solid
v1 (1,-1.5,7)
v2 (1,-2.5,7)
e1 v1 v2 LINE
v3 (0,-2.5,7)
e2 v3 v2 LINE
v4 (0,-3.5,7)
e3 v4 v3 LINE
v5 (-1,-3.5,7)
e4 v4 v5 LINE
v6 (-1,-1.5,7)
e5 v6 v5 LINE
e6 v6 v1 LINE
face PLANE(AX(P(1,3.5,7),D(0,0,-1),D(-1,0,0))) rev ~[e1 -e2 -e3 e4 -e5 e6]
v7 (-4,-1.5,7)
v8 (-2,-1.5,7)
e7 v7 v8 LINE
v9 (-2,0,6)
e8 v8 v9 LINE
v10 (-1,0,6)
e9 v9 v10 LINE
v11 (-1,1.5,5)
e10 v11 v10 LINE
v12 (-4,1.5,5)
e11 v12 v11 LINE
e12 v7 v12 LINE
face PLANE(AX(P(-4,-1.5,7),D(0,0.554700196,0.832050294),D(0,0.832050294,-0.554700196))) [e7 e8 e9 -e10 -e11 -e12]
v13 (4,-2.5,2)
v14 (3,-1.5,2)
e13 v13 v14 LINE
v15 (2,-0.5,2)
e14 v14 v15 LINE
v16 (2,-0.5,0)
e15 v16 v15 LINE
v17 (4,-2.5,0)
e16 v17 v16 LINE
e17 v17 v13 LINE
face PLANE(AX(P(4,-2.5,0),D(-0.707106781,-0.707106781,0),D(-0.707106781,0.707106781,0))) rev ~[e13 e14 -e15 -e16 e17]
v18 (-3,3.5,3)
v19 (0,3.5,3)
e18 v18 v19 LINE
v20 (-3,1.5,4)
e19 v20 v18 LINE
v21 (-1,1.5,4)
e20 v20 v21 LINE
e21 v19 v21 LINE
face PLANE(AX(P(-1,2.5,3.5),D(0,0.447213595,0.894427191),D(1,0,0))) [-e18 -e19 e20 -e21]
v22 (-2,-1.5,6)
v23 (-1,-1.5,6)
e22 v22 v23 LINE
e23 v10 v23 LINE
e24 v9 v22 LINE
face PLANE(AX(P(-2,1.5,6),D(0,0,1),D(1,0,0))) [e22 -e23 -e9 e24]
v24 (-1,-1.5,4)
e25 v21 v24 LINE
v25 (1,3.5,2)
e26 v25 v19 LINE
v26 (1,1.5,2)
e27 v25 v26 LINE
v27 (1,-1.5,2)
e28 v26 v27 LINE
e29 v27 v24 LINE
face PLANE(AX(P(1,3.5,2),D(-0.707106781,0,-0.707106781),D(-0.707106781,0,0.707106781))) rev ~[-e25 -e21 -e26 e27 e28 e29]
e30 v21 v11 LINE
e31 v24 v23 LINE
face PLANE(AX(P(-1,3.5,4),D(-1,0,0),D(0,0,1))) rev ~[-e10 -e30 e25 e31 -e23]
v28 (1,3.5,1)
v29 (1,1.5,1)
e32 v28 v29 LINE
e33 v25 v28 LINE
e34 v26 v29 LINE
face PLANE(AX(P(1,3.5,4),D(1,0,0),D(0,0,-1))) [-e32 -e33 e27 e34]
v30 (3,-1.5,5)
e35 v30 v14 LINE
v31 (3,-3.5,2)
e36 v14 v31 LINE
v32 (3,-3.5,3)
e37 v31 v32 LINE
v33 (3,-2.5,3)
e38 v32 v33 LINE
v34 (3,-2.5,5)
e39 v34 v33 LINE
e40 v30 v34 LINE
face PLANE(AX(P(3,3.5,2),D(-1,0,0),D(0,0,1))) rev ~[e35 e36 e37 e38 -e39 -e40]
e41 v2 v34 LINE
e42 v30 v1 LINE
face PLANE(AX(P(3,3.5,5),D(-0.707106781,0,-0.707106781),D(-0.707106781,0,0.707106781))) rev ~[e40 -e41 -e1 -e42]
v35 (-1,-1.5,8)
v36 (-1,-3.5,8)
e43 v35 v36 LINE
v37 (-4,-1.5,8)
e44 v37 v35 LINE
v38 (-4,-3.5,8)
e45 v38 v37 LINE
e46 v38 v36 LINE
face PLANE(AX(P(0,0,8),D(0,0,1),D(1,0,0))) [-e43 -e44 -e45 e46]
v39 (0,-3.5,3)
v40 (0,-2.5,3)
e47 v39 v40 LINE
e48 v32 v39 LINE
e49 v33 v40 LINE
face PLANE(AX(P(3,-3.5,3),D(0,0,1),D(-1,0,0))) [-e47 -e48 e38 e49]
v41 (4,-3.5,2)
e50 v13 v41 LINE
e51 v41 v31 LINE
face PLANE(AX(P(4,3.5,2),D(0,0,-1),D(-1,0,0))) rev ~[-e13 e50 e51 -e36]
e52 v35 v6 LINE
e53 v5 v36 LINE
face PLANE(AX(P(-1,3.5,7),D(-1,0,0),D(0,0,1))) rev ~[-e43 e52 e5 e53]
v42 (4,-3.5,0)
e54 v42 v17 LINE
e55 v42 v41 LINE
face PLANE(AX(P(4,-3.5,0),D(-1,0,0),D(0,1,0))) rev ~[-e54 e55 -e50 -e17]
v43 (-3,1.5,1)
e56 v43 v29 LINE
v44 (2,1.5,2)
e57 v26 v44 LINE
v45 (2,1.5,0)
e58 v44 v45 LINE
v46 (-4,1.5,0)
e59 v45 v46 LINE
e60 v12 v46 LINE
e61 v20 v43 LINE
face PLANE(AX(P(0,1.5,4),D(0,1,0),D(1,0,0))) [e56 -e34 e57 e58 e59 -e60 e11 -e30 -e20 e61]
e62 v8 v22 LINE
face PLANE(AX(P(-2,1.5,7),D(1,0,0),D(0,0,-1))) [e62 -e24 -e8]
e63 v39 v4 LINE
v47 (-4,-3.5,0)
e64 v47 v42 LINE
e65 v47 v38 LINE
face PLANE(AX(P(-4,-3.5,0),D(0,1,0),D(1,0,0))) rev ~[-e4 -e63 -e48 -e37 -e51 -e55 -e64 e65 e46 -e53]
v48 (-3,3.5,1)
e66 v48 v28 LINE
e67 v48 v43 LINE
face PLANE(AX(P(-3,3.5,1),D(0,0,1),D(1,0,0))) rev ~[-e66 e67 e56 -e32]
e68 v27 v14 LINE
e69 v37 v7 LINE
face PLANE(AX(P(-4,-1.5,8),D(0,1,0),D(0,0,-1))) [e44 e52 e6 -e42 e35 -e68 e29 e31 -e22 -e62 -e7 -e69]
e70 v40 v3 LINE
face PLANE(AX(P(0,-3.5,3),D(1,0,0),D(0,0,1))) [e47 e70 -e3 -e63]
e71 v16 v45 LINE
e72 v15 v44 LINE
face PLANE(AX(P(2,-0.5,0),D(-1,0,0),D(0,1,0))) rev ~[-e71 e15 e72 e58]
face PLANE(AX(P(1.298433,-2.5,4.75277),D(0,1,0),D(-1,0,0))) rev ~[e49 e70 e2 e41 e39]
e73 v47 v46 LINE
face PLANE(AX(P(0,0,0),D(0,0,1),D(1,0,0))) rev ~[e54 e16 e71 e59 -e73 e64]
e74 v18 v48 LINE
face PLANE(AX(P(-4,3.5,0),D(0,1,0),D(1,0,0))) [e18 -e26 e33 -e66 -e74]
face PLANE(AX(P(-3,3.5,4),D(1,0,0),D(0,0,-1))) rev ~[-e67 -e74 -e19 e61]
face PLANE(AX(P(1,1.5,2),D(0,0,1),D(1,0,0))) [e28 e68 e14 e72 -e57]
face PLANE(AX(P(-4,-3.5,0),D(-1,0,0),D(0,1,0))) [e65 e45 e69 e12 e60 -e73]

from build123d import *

# Parameters (mm, degrees)
SKETCH1_W           = 8
SKETCH1_H           = 7
BOSS_EXTRUDE3_DEPTH = 8
CUT_EXTRUDE1_DEPTH  = 8
CUT_EXTRUDE2_DEPTH  = 1
CUT_EXTRUDE4_DEPTH  = 2
CUT_EXTRUDE5_DEPTH  = 9
SKETCH7_OUTSIDE_W   = 12.66
SKETCH7_OUTSIDE_H   = 12.66
SKETCH7_OUTSIDE_W_2 = 4
SKETCH7_OUTSIDE_H_2 = 3
CUT_EXTRUDE6_DEPTH  = 2
SKETCH8_W           = 1
SKETCH8_H           = 1
CUT_EXTRUDE7_DEPTH  = 3
CUT_EXTRUDE8_DEPTH  = 5
SKETCH11_W          = 4
SKETCH11_H          = 2.236067977
CUT_EXTRUDE9_DEPTH  = 5
CUT_EXTRUDE10_DEPTH = 5
SKETCH13_W          = 2
SKETCH13_H          = 2
CUT_EXTRUDE12_DEPTH = 3


with BuildPart() as part:
    # Sketch1 → Boss-Extrude3 (new body)
    with BuildSketch(Plane.XY):
        Rectangle(SKETCH1_W, SKETCH1_H)
    extrude(amount=BOSS_EXTRUDE3_DEPTH)

    # Sketch3 → Cut-Extrude1 (cut, through all)
    with BuildSketch(Plane(origin=(0, 3.5, 0), x_dir=(1, 0, 0), z_dir=(0, 1, 0))):
        Polygon((4, -8), (4, -2), (3, -2), (3, -5), (1, -7), (-1, -7), (-1, -8), align=None)
    extrude(amount=-CUT_EXTRUDE1_DEPTH, mode=Mode.SUBTRACT)

    # Sketch4 → Cut-Extrude2 (cut)
    with BuildSketch(Plane.XZ.offset(3.5)):
        Polygon((1, 7), (3, 5), (3, 3), (0, 3), (0, 7), align=None)
    extrude(amount=-CUT_EXTRUDE2_DEPTH, mode=Mode.SUBTRACT)

    # Sketch5 → Cut-Extrude4 (cut)
    with BuildSketch(Plane(origin=(0, 0, 0), x_dir=(-1, 0, 0), z_dir=(0, 0, -1))):
        Polygon((-2, -0.5), (-2, 1.5), (-2, 3.5), (-4, 3.5), (-4, 1.5), (-4, -2.5), align=None)
    extrude(amount=-CUT_EXTRUDE4_DEPTH, mode=Mode.SUBTRACT)

    # Sketch6 → Cut-Extrude5 (cut, through all)
    with BuildSketch(Plane.ZY.offset(4)):
        Polygon((8, -1.5), (7, -1.5), (5, 1.5), (5, 3.5), (8, 3.5), align=None)
    extrude(amount=-CUT_EXTRUDE5_DEPTH, mode=Mode.SUBTRACT)

    # Sketch7 outside → Cut-Extrude6 (cut)
    with BuildSketch(Plane(origin=(0, 3.5, 0), x_dir=(1, 0, 0), z_dir=(0, 1, 0))):
        with Locations((0, -4)):
            Rectangle(SKETCH7_OUTSIDE_W, SKETCH7_OUTSIDE_H)
        with Locations((-1, -2.5)):
            Rectangle(SKETCH7_OUTSIDE_W_2, SKETCH7_OUTSIDE_H_2, mode=Mode.SUBTRACT)
    extrude(amount=-CUT_EXTRUDE6_DEPTH, mode=Mode.SUBTRACT)

    # Sketch8 → Cut-Extrude7 (cut)
    with BuildSketch(Plane(origin=(0, 1.5, 0), x_dir=(1, 0, 0), z_dir=(0, 1, 0))):
        with Locations((-1.5, -6.5)):
            Rectangle(SKETCH8_W, SKETCH8_H)
    extrude(amount=-CUT_EXTRUDE7_DEPTH, mode=Mode.SUBTRACT)

    # Sketch9 → Cut-Extrude8 (cut)
    with BuildSketch(Plane(origin=(0, 3.5, 0), x_dir=(1, 0, 0), z_dir=(0, 1, 0))):
        Polygon((-1, -6), (-1, -4), (3, -4), (3, -7), (-1, -7), align=None)
    extrude(amount=-CUT_EXTRUDE8_DEPTH, mode=Mode.SUBTRACT)

    # Sketch11 → Cut-Extrude9 (cut)
    with BuildSketch(Plane(origin=(0, 1.9, 3.8), x_dir=(1, 0, 0), z_dir=(0, 0.447213595, 0.894427191))):
        with Locations((-1, 0.670820394)):
            Rectangle(SKETCH11_W, SKETCH11_H)
    extrude(amount=CUT_EXTRUDE9_DEPTH, mode=Mode.SUBTRACT)

    # Sketch12 → Cut-Extrude10 (cut)
    with BuildSketch(Plane(origin=(0, 3.5, 0), x_dir=(1, 0, 0), z_dir=(0, 1, 0))):
        Polygon((1, -2), (-1, -4), (1, -4), align=None)
    extrude(amount=-CUT_EXTRUDE10_DEPTH, mode=Mode.SUBTRACT)

    # Sketch13 → Cut-Extrude12 (cut)
    with BuildSketch(Plane(origin=(0, 1.5, 0), x_dir=(1, 0, 0), z_dir=(0, 1, 0))):
        with Locations((2, -3)):
            Rectangle(SKETCH13_W, SKETCH13_H)
    extrude(amount=-CUT_EXTRUDE12_DEPTH, mode=Mode.SUBTRACT)


solid = part.part
